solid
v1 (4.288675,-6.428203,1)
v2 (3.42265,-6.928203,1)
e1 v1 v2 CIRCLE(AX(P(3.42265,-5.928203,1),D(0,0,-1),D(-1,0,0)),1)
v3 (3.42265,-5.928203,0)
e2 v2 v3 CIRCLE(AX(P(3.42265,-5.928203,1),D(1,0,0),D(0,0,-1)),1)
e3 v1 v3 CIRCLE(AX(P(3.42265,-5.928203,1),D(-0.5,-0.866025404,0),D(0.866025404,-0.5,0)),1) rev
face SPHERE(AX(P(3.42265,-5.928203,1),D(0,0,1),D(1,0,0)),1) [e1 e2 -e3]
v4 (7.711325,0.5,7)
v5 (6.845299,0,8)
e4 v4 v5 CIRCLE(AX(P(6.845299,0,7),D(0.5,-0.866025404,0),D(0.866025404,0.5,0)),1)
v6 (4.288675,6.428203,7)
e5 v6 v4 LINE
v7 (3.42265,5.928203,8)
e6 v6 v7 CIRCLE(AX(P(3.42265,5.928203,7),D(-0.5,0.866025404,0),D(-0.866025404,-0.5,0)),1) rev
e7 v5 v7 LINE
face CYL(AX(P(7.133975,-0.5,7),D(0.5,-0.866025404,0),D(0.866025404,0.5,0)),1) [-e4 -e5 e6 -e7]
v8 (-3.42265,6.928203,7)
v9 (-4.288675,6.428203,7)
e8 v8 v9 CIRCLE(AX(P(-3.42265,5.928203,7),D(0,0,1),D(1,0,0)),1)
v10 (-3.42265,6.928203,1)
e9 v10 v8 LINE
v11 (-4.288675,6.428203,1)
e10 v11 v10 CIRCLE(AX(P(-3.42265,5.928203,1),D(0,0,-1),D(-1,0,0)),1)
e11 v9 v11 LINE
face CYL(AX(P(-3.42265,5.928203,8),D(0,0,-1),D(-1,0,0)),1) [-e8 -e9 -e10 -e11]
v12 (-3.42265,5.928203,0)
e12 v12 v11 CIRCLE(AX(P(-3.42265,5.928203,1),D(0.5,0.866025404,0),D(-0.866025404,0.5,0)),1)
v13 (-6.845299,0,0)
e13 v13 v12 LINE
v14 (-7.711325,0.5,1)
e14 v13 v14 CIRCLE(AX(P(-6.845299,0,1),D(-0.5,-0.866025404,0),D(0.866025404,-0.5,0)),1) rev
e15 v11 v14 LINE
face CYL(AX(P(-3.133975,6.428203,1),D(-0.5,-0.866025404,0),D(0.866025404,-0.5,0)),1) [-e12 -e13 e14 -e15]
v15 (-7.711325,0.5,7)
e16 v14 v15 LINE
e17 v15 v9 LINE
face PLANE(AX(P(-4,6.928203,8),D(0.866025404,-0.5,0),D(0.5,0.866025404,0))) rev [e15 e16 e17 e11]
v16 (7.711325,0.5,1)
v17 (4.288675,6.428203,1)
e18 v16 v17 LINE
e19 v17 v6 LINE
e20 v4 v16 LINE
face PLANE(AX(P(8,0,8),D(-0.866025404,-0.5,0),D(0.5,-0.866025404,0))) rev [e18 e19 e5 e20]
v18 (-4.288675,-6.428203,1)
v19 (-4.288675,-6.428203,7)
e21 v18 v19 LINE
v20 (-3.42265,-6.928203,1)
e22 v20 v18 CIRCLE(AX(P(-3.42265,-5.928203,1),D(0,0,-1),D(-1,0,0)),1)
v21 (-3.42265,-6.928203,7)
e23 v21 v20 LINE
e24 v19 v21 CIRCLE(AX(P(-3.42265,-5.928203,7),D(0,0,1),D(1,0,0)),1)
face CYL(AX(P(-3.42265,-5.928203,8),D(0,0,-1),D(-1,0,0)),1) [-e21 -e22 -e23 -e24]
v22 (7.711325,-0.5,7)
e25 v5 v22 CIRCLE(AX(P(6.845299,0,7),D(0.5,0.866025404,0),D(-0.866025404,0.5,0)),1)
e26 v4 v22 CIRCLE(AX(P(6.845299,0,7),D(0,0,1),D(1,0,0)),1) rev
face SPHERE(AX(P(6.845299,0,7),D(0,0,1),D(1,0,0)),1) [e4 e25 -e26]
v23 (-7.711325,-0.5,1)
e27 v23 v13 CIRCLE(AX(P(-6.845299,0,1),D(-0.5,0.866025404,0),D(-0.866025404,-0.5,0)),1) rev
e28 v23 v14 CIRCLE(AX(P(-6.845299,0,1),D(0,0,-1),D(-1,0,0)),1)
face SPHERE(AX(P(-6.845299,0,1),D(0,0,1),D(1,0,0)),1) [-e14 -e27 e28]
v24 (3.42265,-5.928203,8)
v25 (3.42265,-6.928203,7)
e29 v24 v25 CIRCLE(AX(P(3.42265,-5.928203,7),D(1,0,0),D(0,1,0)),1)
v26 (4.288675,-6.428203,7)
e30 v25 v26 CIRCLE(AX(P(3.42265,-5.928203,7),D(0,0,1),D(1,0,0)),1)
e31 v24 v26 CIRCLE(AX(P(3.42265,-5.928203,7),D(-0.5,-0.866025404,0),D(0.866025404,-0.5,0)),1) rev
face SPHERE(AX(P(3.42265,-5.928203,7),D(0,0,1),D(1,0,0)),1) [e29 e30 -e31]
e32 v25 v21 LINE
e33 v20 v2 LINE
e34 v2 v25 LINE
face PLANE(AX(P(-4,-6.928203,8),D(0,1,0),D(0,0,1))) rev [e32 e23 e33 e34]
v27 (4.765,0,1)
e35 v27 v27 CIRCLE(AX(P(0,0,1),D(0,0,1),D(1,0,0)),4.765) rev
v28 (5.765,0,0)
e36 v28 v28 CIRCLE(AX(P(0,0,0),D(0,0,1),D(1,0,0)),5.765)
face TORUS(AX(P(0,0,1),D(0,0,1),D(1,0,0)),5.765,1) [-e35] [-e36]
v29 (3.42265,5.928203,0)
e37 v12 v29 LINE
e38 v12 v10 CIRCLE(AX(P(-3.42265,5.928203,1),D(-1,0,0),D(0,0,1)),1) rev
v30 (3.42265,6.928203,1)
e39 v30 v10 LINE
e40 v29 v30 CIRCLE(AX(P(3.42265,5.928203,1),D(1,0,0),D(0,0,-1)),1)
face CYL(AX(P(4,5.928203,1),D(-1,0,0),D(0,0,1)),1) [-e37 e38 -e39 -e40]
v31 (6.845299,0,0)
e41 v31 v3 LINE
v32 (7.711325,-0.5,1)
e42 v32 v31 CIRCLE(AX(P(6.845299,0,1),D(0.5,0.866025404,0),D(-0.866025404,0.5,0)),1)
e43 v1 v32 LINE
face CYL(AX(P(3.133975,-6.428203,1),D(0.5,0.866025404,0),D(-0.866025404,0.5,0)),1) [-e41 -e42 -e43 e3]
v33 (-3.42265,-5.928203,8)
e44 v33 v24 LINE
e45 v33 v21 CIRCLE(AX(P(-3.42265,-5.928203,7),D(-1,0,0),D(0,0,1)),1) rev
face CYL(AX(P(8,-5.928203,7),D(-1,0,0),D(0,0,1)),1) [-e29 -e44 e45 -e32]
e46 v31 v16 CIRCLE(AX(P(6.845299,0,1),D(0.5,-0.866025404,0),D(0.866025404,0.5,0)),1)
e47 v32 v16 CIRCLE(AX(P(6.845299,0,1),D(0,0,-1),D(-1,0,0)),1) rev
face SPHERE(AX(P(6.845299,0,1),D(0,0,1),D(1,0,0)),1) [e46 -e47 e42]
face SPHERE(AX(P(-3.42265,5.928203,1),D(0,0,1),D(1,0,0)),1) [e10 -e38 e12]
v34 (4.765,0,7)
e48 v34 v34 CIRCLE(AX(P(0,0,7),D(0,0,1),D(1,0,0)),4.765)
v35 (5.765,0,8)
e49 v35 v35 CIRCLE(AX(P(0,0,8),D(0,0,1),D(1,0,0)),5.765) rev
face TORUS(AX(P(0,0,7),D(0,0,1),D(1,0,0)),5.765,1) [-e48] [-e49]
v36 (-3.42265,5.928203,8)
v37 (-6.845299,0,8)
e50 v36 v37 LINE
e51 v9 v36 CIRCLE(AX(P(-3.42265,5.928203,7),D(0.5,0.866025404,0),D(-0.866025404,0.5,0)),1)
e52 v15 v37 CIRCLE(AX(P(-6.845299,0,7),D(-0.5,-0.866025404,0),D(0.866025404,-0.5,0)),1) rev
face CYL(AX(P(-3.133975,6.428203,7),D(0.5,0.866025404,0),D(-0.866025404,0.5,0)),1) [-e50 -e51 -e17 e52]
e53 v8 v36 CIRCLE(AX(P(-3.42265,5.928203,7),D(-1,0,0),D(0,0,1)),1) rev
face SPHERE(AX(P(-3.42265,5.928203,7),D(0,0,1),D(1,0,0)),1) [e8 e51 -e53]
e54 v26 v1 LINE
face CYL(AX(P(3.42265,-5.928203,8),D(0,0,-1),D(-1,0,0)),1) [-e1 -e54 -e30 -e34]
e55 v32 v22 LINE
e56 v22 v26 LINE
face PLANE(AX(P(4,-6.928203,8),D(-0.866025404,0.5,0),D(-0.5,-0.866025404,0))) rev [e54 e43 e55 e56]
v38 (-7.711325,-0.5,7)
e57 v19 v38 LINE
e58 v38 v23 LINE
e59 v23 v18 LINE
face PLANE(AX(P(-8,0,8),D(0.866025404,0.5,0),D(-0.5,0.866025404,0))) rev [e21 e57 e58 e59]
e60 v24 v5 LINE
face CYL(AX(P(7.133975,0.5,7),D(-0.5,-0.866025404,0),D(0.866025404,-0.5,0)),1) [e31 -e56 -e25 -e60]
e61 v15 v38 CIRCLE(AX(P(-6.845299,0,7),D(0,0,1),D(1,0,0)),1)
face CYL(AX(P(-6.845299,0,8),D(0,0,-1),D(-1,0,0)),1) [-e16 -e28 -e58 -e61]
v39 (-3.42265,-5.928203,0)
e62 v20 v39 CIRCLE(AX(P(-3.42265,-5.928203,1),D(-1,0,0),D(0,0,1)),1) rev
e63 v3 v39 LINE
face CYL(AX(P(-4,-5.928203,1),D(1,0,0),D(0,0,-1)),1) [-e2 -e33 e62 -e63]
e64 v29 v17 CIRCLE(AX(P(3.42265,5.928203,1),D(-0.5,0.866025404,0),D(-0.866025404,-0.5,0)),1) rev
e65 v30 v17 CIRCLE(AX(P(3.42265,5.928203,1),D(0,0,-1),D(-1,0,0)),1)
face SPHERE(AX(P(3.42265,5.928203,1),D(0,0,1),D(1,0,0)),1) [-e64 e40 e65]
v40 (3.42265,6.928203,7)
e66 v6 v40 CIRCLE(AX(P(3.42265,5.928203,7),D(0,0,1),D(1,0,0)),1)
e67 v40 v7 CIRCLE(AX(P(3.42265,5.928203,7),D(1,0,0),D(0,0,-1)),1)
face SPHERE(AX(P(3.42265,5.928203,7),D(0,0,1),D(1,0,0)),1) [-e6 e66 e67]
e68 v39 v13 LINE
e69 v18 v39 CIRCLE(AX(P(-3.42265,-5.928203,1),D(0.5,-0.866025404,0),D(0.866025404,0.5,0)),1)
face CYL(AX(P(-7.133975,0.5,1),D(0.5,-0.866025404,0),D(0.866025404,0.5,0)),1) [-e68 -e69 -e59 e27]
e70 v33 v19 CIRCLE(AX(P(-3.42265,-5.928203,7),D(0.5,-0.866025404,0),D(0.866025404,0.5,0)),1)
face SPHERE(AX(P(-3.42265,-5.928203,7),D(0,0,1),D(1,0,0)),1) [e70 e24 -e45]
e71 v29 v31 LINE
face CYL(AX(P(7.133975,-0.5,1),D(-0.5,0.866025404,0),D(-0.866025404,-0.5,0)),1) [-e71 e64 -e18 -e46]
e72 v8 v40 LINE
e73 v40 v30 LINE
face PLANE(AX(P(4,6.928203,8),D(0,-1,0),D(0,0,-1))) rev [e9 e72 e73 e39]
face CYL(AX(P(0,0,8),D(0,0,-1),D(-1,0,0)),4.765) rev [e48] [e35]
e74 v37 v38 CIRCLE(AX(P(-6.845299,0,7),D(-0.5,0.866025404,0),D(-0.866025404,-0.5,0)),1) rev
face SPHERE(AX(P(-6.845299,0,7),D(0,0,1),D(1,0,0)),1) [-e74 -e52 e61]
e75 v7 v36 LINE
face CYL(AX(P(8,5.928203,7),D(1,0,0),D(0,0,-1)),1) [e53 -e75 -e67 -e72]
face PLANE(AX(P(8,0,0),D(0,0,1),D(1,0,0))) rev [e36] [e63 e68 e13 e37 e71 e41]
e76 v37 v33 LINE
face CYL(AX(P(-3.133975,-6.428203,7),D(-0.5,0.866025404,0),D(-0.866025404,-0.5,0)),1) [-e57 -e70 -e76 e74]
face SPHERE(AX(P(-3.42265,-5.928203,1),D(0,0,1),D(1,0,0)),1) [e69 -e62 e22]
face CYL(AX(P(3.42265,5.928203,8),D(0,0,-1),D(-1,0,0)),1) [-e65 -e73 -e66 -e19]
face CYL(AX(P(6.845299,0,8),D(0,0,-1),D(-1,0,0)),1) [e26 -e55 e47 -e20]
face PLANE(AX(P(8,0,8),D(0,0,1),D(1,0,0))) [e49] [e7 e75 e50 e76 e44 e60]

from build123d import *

# Parameters (mm, degrees)
ESBO_O1_R                = 4.765
RESSALTO_EXTRUS_O1_DEPTH = 8
FILETE1_R                = 1


with BuildPart() as part:
    # Esboço1 → Ressalto-extrusão1 (new body)
    with BuildSketch(Plane.XY):
        Polygon((8, 0), (4, 6.92820323), (-4, 6.92820323), (-8, 0), (-4, -6.92820323), (4, -6.92820323), align=None)
        Circle(ESBO_O1_R, mode=Mode.SUBTRACT)
    extrude(amount=RESSALTO_EXTRUS_O1_DEPTH)

    # Filete1
    filete1_edges = [part.edges().sort_by_distance(p)[0] for p in [
        (0, 6.92820323, 8),
        (4, -6.92820323, 4),
        (-4, -6.92820323, 4),
        (-8, 0, 4),
        (-4, 6.92820323, 4),
        (4, 6.92820323, 4),
        (8, 0, 4),
        (-6, 3.464101615, 8),
        (-6, -3.464101615, 8),
        (-4.765, 0, 0),
        (-4.765, 0, 8),
        (0, -6.92820323, 8),
        (6, -3.464101615, 8),
        (0, -6.92820323, 0),
        (-6, -3.464101615, 0),
        (-6, 3.464101615, 0),
        (6, 3.464101615, 8),
        (0, 6.92820323, 0),
        (6, 3.464101615, 0),
        (6, -3.464101615, 0),
    ]]
    fillet(filete1_edges, radius=FILETE1_R)


solid = part.part
